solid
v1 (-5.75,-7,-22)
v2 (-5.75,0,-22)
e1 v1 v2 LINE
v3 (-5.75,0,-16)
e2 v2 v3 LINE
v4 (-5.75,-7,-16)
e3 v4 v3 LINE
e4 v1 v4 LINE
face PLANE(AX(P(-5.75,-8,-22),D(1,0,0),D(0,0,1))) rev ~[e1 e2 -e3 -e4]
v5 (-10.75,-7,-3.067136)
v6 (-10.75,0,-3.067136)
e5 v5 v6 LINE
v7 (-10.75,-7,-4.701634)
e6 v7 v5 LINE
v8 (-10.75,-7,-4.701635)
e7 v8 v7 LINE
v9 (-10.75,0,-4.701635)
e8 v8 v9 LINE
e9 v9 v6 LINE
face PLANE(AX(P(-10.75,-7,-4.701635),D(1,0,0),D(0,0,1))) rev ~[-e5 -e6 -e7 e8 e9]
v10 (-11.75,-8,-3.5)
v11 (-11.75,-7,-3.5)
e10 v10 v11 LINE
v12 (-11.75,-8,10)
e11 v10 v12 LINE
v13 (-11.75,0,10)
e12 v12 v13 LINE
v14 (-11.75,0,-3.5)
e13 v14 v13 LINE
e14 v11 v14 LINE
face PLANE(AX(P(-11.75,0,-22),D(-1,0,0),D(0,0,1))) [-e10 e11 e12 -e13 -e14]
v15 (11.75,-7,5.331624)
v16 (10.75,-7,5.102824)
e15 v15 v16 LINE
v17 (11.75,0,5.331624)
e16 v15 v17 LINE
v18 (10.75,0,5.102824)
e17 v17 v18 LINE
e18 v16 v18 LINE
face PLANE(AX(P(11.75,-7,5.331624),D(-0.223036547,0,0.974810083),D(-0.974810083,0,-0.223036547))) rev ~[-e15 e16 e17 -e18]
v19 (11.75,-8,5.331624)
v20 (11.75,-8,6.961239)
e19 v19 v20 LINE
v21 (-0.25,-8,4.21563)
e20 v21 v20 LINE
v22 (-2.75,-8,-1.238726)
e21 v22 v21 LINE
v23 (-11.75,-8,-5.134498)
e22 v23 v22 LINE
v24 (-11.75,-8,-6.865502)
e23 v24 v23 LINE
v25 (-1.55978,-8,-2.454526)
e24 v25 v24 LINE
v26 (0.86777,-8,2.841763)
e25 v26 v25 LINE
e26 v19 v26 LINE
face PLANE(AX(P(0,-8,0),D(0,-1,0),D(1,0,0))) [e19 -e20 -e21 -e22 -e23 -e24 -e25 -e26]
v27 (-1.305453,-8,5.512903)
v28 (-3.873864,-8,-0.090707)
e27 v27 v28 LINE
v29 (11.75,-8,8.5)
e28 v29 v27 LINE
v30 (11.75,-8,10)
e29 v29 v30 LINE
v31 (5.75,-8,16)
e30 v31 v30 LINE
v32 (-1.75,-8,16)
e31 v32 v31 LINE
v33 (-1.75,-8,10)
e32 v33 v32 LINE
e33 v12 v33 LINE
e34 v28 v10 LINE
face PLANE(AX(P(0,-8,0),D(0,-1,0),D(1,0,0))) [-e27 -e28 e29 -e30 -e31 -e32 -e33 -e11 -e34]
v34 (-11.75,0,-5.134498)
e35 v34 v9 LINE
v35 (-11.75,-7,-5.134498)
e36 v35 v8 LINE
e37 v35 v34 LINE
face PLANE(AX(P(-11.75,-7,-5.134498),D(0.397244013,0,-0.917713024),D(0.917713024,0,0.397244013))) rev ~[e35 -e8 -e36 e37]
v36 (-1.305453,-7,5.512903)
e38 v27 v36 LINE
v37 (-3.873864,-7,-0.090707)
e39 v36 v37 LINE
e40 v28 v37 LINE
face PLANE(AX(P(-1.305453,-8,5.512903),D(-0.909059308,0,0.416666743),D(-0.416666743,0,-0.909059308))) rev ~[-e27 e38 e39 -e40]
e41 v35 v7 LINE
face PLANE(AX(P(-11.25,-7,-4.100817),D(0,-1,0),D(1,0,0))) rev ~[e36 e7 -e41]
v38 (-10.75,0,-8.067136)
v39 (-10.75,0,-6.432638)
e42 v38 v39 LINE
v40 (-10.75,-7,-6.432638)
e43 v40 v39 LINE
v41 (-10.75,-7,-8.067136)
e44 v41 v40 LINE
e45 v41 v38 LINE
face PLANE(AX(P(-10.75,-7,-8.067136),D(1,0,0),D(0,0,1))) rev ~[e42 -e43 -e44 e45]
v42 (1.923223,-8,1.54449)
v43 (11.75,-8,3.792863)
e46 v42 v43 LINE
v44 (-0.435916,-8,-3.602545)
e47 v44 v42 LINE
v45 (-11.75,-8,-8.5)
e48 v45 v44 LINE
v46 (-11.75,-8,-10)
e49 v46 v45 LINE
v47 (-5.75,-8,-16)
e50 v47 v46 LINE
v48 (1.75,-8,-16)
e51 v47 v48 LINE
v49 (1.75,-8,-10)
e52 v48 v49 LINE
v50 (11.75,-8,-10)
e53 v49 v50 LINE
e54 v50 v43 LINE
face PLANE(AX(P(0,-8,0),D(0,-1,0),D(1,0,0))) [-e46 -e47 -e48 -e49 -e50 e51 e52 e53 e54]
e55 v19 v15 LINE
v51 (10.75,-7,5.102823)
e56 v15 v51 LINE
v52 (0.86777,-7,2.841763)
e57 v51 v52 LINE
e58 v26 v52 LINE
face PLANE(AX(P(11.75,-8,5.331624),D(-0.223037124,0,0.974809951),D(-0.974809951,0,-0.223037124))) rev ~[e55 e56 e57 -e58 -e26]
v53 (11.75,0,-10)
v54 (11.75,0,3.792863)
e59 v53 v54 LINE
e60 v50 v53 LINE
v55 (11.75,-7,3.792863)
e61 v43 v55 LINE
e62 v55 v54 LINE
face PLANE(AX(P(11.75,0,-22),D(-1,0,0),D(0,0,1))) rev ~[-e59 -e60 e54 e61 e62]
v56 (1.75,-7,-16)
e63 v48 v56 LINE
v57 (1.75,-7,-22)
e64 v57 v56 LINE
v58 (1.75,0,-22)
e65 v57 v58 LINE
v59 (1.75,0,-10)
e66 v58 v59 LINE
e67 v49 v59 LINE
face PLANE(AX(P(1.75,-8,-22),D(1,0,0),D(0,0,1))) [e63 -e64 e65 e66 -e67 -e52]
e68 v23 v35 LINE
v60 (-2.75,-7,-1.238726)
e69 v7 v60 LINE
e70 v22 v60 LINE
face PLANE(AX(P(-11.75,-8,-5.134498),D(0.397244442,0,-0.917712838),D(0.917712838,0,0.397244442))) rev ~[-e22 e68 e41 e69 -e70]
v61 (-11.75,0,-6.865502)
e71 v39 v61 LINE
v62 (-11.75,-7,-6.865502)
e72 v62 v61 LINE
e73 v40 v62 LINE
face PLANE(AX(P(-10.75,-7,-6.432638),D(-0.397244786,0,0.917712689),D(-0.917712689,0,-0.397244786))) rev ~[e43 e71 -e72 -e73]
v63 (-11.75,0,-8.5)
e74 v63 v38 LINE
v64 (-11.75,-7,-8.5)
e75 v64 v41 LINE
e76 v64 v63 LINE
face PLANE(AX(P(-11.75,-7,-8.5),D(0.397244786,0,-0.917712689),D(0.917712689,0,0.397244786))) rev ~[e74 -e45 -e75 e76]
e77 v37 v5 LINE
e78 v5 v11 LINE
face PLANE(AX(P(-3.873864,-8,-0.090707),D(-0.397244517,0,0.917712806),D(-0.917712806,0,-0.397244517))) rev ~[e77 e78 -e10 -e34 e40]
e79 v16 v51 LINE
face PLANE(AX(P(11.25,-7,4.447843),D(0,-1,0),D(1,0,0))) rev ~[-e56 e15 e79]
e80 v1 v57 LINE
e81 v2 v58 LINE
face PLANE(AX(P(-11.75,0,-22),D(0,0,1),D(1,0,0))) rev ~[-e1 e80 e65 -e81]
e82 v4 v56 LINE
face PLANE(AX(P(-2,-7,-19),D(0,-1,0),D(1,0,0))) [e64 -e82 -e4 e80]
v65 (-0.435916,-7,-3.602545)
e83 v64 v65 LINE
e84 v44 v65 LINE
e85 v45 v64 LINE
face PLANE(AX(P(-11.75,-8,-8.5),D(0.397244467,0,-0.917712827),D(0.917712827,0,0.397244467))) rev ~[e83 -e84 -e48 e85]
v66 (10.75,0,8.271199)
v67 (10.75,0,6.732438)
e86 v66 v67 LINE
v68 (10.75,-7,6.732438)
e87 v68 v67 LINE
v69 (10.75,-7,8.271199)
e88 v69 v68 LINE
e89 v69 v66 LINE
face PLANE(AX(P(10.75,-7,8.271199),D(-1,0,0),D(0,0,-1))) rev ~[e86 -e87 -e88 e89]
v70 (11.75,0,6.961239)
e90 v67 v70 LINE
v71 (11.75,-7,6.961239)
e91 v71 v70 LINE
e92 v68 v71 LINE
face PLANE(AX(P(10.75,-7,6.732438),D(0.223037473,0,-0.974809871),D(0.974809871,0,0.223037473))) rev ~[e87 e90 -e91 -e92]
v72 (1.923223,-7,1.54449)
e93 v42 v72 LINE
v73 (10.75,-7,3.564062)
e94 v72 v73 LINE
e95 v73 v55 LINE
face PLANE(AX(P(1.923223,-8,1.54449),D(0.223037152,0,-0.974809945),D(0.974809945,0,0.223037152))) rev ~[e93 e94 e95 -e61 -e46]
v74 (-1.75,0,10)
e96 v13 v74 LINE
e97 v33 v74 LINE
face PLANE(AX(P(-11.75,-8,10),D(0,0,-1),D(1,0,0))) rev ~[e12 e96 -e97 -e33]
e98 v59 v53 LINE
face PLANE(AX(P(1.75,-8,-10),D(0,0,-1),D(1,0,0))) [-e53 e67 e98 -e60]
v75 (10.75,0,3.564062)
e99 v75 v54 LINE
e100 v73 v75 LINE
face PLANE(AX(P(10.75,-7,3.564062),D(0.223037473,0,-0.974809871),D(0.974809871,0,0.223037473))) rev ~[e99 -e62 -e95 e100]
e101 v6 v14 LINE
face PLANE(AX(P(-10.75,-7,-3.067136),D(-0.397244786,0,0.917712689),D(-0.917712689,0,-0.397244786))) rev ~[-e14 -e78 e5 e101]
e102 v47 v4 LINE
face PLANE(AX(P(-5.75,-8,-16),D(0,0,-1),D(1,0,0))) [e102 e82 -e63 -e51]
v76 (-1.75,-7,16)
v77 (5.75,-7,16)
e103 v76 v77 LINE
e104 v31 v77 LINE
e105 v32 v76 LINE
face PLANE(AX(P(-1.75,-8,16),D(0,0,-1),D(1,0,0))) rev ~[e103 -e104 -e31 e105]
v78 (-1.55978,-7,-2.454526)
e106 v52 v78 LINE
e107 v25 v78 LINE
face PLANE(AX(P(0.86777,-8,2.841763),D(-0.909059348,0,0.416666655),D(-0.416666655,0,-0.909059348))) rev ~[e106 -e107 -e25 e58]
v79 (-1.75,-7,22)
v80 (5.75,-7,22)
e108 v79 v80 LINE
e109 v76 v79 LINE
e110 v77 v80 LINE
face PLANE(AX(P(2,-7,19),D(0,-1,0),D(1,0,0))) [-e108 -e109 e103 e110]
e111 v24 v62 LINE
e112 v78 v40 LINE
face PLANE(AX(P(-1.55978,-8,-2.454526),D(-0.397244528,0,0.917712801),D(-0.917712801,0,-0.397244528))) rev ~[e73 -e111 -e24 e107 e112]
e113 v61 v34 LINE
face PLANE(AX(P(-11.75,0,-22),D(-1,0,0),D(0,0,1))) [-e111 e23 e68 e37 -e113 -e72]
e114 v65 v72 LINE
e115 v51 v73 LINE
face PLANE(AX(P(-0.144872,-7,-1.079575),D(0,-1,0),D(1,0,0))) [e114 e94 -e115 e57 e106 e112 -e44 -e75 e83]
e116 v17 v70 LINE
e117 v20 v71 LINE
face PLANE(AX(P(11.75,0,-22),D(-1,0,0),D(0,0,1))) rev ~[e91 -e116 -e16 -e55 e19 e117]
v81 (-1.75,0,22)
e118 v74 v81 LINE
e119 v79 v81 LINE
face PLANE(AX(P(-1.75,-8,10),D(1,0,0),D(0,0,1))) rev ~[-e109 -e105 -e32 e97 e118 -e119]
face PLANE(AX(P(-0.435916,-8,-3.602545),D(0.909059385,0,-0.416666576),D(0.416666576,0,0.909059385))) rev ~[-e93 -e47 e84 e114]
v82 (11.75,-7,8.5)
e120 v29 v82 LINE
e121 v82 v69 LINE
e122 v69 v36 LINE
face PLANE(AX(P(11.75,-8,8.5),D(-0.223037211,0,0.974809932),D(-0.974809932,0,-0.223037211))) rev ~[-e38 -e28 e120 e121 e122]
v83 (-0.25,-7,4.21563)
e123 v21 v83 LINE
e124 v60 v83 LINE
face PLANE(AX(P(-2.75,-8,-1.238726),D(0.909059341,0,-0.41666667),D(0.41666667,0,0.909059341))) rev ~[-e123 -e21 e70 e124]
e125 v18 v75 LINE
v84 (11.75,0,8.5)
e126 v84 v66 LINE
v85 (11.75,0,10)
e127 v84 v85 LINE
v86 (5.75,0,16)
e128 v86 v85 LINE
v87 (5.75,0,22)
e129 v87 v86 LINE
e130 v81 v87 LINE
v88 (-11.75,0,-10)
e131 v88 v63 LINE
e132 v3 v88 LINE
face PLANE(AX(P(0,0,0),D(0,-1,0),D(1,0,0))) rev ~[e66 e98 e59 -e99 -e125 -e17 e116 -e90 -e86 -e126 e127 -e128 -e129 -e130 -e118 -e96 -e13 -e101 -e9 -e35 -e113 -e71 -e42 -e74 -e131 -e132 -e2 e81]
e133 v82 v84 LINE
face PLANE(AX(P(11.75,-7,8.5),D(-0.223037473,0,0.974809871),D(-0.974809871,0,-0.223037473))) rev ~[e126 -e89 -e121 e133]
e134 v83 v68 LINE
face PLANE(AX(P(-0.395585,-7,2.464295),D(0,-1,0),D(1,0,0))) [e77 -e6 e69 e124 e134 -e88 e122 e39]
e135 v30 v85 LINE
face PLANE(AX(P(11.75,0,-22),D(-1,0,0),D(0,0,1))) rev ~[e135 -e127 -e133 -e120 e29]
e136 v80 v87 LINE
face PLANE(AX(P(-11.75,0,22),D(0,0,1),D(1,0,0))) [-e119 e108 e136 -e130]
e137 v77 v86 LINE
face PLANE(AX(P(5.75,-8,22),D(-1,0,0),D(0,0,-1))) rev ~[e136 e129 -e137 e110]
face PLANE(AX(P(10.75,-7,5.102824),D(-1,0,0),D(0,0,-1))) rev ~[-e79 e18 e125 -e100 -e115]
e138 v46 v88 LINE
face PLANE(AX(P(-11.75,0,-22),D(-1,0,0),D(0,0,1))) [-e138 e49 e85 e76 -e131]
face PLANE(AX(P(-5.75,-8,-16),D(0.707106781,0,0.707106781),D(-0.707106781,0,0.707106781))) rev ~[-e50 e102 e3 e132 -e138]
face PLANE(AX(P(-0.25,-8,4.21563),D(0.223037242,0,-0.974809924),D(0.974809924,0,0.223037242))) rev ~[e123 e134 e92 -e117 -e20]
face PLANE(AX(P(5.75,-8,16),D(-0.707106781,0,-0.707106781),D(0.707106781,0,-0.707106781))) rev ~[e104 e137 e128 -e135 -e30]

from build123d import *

# Parameters (mm, degrees)
F0_W     = 23.5
F0_H     = 44
F1_DEPTH = 8
F2_W     = 10
F2_H     = 12
F3_DEPTH = 8
F4_W     = 7.5
F4_H     = 6
F5_DEPTH = 1
F7_DEPTH = 7


with BuildPart() as f1:
    # F0 (on Front) → F1 (new body)
    with BuildSketch(Plane.XZ):
        Rectangle(F0_W, F0_H)
    extrude(amount=F1_DEPTH)

    # F2 (on face) → F3 (cut, through all)
    with BuildSketch(Plane.XZ.offset(8)):
        with Locations((-6.75, 16)):
            Rectangle(F2_W, F2_H)
        with Locations((6.75, -16)):
            Rectangle(F2_W, F2_H)
        Polygon((11.75, 16), (11.75, 22), (5.75, 22), (5.75, 16), (11.75, 10), align=None)
        Polygon((-11.75, -16), (-11.75, -22), (-5.75, -22), (-5.75, -16), (-11.75, -10), align=None)
    extrude(amount=-F3_DEPTH, mode=Mode.SUBTRACT)

    # F4 (on face) → F5 (cut)
    with BuildSketch(Plane.XZ.offset(8)):
        Polygon((-0.25, 4.21563), (11.75, 6.961239), (11.75, 8.5), (-1.305453, 5.512903), (-3.873864, -0.090707), (-11.75, -3.5), (-11.75, -5.134498), (-2.75, -1.238726), align=None)
        Polygon((0.86777, 2.841763), (-1.55978, -2.454526), (-11.75, -6.865502), (-11.75, -8.5), (-0.435916, -3.602545), (1.923223, 1.54449), (11.75, 3.792863), (11.75, 5.331624), align=None)
        with Locations((2, 19)):
            Rectangle(F4_W, F4_H)
        with Locations((-2, -19)):
            Rectangle(F4_W, F4_H)
    extrude(amount=-F5_DEPTH, mode=Mode.SUBTRACT)

    # F6 (on face) → F7 (cut, through all)
    with BuildSketch(Plane.XZ.offset(7)):
        Polygon((11.75, 6.961239), (11.75, 8.5), (10.75, 8.271199), (10.75, 6.732438), align=None)
        Polygon((11.75, 3.792863), (11.75, 5.331624), (10.75, 5.102824), (10.75, 3.564062), align=None)
        Polygon((-11.75, -3.5), (-11.75, -5.134498), (-10.75, -4.701635), (-10.75, -3.067136), align=None)
        Polygon((-11.75, -6.865502), (-11.75, -8.5), (-10.75, -8.067136), (-10.75, -6.432638), align=None)
    extrude(amount=-F7_DEPTH, mode=Mode.SUBTRACT)


solid = f1.part
